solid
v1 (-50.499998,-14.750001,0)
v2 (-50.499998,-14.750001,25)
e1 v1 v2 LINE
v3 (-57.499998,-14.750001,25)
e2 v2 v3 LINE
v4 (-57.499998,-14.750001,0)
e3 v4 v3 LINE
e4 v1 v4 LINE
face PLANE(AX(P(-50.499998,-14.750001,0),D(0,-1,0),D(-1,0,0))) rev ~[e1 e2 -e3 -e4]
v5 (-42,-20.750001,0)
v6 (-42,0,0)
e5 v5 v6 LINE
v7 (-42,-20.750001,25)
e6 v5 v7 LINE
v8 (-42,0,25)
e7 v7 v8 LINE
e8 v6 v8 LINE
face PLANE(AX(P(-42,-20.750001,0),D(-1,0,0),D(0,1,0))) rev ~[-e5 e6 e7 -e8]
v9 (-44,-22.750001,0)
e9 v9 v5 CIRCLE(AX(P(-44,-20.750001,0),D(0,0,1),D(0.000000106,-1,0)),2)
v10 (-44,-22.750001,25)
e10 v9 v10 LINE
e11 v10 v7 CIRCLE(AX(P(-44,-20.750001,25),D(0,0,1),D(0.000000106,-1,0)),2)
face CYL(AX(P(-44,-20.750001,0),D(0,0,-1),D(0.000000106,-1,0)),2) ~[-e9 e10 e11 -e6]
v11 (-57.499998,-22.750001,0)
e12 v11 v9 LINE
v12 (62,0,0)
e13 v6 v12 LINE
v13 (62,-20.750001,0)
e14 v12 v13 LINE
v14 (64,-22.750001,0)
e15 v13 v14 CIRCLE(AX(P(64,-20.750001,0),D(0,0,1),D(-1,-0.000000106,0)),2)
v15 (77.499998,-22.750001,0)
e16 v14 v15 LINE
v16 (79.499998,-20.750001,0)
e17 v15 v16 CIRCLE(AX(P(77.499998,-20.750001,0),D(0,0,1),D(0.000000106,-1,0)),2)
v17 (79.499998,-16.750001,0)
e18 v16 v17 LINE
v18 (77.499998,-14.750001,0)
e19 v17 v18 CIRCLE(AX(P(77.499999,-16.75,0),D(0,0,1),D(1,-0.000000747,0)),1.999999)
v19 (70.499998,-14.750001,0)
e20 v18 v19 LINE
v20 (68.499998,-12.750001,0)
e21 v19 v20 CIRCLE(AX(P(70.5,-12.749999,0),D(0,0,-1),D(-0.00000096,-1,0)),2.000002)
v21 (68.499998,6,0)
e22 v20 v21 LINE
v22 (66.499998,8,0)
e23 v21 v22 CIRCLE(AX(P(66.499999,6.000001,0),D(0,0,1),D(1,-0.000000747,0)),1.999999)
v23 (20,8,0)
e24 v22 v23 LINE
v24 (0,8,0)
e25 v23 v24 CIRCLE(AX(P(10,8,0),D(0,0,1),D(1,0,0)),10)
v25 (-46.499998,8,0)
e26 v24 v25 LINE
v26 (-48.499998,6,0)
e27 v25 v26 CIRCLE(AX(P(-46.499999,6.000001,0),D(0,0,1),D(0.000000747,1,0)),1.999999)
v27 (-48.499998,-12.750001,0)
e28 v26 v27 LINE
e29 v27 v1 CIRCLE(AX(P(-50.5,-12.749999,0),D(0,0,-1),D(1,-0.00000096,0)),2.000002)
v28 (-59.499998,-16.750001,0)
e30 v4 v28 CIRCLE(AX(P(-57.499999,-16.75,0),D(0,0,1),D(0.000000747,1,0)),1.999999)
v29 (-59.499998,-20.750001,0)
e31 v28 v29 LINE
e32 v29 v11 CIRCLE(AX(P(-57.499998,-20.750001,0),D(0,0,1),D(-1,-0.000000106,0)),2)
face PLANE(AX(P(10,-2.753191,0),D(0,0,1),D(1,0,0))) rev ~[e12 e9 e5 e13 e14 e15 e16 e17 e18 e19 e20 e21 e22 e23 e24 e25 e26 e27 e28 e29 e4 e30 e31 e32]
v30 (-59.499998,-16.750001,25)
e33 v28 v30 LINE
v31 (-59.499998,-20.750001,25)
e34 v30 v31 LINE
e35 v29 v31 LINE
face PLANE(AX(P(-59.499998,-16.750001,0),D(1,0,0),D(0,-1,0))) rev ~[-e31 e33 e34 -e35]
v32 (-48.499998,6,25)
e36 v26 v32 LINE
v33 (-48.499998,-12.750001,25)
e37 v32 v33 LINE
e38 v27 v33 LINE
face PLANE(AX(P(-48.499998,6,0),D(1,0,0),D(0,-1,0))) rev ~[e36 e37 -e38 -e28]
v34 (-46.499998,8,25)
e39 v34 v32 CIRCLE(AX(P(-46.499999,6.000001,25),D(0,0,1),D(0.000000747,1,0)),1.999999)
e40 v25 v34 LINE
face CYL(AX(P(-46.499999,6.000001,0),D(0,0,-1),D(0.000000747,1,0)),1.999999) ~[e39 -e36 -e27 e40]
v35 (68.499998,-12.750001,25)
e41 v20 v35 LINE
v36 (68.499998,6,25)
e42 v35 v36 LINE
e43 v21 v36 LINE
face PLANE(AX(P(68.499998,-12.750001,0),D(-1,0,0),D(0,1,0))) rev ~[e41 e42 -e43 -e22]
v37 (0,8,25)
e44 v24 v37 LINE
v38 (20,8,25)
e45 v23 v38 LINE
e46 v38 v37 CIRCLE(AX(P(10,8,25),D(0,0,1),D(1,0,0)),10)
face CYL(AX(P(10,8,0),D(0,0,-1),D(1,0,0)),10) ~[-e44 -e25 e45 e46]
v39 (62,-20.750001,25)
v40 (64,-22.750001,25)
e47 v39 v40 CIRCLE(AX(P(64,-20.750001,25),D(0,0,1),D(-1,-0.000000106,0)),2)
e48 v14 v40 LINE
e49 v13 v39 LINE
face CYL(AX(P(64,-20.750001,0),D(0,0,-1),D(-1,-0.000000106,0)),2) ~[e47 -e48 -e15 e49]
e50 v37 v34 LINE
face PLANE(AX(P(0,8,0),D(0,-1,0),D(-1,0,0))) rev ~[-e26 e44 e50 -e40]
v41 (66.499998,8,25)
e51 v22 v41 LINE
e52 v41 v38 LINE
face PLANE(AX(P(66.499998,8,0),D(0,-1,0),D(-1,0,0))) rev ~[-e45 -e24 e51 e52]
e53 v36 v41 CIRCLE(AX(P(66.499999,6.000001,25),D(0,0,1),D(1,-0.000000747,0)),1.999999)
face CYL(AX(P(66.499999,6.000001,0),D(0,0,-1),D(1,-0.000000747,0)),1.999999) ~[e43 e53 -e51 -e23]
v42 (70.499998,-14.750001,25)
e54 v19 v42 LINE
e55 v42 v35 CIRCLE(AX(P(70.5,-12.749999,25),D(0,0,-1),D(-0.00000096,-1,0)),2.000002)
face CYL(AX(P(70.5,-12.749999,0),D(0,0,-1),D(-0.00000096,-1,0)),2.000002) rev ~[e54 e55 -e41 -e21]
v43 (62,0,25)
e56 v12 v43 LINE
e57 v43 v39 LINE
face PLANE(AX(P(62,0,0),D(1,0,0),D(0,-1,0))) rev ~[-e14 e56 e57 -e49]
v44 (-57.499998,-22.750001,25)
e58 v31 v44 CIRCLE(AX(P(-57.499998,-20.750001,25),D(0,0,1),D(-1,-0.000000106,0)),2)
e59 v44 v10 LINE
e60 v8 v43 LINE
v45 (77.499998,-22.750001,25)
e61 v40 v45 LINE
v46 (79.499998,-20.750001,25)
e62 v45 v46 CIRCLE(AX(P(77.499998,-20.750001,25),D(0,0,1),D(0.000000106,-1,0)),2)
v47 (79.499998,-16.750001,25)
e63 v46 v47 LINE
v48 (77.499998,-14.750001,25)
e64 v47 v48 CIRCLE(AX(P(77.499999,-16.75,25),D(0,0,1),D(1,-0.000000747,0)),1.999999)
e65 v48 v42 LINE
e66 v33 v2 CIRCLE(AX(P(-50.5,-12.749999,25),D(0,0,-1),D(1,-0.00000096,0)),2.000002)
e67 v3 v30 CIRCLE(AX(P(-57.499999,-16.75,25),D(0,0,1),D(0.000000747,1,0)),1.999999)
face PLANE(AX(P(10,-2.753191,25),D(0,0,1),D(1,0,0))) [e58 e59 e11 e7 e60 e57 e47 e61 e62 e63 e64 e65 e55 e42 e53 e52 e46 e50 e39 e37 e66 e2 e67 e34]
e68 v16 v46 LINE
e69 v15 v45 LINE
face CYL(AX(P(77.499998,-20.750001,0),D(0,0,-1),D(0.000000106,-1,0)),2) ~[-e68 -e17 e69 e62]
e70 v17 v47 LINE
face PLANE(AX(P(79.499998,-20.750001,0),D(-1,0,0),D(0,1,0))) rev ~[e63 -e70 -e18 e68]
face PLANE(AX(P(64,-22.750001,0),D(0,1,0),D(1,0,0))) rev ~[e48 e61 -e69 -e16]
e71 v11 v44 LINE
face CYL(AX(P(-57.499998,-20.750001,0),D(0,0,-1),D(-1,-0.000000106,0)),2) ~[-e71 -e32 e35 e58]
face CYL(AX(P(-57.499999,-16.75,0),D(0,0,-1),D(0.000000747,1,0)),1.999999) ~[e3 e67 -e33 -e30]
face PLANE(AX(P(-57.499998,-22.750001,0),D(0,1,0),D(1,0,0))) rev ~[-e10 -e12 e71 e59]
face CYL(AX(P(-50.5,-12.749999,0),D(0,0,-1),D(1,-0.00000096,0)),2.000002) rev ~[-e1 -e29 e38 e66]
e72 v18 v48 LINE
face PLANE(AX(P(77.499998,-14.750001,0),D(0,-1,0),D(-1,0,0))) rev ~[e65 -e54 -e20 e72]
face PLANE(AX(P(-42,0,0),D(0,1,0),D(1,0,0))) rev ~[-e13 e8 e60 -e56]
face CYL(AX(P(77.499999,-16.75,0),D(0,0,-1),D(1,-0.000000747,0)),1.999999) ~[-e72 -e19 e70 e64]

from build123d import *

# Parameters (mm, degrees)
F1_DEPTH = 25


with BuildPart() as f1:
    # F0 (on Top) → F1 (new body)
    with BuildSketch(Plane.XY):
        with BuildLine():
            Line((-42, 0), (0, 0))
            Line((0, 0), (10, 0))
            Line((10, 0), (20, 0))
            Line((20, 0), (62, 0))
            Line((62, 0), (62, -20.750001))
            ThreePointArc((62, -20.750001), (62.585786, -22.164214), (64, -22.750001))
            Line((64, -22.750001), (77.499998, -22.750001))
            ThreePointArc((77.499998, -22.750001), (78.914212, -22.164214), (79.499998, -20.750001))
            Line((79.499998, -20.750001), (79.499998, -16.750001))
            ThreePointArc((79.499998, -16.750001), (78.914212, -15.335787), (77.499998, -14.750001))
            Line((77.499998, -14.750001), (70.499998, -14.750001))
            ThreePointArc((70.499998, -14.750001), (69.085785, -14.164214), (68.499998, -12.750001))
            Line((68.499998, -12.750001), (68.499998, 6))
            ThreePointArc((68.499998, 6), (67.914212, 7.414214), (66.499998, 8))
            Line((66.499998, 8), (20, 8))
            Line((20, 8), (0, 8))
            Line((0, 8), (-46.499998, 8))
            ThreePointArc((-46.499998, 8), (-47.914212, 7.414214), (-48.499998, 6))
            Line((-48.499998, 6), (-48.499998, -12.750001))
            ThreePointArc((-48.499998, -12.750001), (-49.085785, -14.164214), (-50.499998, -14.750001))
            Line((-50.499998, -14.750001), (-57.499998, -14.750001))
            ThreePointArc((-57.499998, -14.750001), (-58.914212, -15.335787), (-59.499998, -16.750001))
            Line((-59.499998, -16.750001), (-59.499998, -20.750001))
            ThreePointArc((-59.499998, -20.750001), (-58.914212, -22.164214), (-57.499998, -22.750001))
            Line((-57.499998, -22.750001), (-44, -22.750001))
            ThreePointArc((-44, -22.750001), (-42.585786, -22.164214), (-42, -20.750001))
            Line((-42, -20.750001), (-42, 0))
        make_face()
        with BuildLine():
            ThreePointArc((20, 8), (10, 18), (0, 8))
            Line((0, 8), (20, 8))
        make_face()
    extrude(amount=F1_DEPTH)


solid = f1.part
